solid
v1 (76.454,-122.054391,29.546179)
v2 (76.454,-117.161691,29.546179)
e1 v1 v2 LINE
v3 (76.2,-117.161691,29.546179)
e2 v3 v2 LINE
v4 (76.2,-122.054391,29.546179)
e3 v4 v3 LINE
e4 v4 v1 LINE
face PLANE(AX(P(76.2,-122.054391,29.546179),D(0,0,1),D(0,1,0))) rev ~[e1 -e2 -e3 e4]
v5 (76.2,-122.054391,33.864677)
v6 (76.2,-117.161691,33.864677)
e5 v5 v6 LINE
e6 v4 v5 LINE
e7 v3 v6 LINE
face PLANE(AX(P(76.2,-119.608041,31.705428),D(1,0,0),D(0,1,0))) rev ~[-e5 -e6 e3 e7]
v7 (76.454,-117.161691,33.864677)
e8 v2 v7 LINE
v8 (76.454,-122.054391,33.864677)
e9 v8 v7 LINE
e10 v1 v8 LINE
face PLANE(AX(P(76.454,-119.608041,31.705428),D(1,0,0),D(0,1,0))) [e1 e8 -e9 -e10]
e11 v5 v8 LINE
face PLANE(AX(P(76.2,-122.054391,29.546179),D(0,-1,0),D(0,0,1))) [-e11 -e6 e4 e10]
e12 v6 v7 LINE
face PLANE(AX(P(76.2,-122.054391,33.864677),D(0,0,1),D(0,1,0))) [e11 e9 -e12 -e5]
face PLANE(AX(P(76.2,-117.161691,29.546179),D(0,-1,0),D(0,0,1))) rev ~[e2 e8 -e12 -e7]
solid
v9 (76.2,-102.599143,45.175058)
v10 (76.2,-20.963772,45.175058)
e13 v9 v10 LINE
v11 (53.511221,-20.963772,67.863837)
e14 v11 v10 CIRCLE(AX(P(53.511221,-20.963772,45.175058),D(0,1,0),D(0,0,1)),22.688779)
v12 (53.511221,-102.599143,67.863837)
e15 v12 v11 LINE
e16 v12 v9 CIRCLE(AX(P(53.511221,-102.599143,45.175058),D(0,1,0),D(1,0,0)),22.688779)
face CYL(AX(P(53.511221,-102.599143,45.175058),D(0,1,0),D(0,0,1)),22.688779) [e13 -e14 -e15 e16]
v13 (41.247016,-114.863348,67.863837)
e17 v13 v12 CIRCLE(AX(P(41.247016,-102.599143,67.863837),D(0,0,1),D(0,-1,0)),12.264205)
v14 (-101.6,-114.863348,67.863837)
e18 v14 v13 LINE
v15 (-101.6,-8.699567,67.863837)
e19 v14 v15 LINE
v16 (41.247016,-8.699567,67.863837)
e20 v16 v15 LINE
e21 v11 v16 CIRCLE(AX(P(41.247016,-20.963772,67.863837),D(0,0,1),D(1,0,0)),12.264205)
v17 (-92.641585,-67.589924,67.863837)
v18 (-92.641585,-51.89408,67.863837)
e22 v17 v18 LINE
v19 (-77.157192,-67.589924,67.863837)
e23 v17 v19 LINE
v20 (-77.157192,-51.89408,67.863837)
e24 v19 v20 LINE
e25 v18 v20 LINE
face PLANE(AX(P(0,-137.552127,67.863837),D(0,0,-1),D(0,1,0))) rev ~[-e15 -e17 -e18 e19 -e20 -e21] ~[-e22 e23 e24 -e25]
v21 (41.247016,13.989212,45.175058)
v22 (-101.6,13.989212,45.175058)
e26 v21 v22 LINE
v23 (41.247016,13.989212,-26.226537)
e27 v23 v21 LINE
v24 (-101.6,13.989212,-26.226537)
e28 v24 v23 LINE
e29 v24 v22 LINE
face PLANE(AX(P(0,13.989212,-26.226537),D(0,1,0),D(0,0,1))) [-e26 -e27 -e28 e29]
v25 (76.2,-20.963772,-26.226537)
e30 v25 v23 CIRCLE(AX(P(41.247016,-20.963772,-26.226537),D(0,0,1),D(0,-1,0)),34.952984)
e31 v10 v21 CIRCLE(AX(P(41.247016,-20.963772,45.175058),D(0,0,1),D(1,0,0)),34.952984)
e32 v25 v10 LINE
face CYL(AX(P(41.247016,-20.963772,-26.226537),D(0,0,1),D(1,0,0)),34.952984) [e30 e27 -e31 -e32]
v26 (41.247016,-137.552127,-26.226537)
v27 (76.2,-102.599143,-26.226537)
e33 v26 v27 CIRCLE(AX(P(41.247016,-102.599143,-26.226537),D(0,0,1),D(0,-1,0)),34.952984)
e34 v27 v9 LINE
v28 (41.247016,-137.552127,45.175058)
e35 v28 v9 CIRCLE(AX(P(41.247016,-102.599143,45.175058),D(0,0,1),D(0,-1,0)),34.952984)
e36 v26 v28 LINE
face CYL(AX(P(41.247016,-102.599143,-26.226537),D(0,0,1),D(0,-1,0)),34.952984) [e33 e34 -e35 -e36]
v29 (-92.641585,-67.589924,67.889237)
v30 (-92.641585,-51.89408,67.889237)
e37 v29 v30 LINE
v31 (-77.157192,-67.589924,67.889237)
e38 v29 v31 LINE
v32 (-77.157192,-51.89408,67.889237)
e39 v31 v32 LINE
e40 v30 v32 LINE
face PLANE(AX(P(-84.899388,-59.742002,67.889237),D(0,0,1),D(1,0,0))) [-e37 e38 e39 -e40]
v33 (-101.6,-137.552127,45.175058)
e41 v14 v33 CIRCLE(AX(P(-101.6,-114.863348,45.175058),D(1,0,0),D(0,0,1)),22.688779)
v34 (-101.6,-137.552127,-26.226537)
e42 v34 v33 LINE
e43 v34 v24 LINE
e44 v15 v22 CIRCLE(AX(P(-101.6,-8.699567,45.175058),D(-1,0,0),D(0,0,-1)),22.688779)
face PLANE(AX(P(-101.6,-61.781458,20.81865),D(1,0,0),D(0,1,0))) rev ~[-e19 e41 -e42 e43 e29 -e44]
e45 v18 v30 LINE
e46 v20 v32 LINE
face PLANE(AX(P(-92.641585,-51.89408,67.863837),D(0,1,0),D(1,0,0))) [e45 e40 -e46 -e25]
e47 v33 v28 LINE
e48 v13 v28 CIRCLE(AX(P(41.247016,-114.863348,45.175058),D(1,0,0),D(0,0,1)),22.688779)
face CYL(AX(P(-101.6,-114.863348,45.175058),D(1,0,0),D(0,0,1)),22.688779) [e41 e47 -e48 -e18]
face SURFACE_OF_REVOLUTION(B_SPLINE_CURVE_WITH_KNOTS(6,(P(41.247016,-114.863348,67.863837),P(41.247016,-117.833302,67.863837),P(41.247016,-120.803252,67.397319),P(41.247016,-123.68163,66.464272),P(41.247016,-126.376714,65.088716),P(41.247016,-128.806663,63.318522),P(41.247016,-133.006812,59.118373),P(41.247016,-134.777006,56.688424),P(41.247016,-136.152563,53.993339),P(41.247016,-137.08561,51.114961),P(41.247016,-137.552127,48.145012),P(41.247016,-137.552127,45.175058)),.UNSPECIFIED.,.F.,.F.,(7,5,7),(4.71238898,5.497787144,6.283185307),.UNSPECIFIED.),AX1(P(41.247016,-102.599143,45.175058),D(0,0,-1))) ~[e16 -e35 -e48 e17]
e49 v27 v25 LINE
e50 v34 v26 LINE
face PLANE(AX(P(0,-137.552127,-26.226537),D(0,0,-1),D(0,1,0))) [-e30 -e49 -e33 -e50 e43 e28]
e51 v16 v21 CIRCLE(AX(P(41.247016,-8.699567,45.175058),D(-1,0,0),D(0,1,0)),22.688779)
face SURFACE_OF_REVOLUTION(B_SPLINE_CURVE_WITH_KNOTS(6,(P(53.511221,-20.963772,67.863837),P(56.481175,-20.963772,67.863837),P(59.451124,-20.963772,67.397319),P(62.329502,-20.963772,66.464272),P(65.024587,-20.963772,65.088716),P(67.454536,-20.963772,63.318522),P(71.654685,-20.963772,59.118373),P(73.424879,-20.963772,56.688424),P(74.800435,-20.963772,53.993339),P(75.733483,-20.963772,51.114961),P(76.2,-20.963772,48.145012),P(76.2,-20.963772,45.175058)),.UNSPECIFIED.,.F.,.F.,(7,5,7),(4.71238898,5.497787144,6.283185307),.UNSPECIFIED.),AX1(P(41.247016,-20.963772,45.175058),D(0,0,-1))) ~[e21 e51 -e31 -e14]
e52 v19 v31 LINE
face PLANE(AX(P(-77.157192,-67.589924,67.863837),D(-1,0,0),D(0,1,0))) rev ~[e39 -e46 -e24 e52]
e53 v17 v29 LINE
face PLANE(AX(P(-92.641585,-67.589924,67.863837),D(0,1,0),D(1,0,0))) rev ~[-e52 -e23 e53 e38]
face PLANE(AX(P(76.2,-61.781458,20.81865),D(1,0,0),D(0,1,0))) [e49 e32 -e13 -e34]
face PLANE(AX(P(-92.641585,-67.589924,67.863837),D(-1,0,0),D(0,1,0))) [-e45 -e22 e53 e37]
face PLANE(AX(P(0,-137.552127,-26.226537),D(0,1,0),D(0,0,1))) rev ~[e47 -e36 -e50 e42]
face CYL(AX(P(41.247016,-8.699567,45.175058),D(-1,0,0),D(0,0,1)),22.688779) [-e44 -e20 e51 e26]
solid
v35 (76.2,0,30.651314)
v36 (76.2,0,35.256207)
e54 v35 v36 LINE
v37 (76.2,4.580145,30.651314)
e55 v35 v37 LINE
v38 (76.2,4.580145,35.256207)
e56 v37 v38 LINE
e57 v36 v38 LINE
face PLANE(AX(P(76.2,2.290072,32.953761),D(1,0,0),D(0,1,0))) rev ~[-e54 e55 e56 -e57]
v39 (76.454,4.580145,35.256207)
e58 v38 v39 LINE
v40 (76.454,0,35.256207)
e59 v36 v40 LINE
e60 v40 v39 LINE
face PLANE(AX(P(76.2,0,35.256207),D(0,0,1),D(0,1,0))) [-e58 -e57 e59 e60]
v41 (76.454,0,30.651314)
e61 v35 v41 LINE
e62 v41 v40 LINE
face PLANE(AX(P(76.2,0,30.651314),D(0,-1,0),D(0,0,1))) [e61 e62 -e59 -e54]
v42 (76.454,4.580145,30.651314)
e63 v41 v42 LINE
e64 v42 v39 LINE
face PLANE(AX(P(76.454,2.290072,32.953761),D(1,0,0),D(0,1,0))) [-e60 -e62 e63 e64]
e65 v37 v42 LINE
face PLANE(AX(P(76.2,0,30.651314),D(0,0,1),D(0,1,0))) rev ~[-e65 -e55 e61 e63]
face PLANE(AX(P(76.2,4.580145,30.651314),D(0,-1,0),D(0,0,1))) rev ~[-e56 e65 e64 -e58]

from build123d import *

# Parameters (mm, degrees)
F0_W      = 151.5413392335
F0_H      = 94.0903741866
F1_DEPTH  = 76.2
F2_DEPTH  = 101.6
F3_R      = 34.952983956
F4_R      = 22.6887790592
F5_W      = 15.484392643
F5_H      = 15.6958438456
F6_DEPTH  = 0.0254
F7_W      = 4.5801447704
F7_H      = 4.6048928052
F8_DEPTH  = 0.254
F9_W      = 4.8926994205
F9_H      = 4.318498075
F10_DEPTH = 0.254


with BuildPart() as f1:
    # F0 (on Right) → F1 (new body)
    with BuildSketch(Plane.YZ):
        with Locations((-61.7814576253, 20.8186497912)):
            Rectangle(F0_W, F0_H)
    extrude(amount=F1_DEPTH)

    # F2 (add): a face of the model
    f2_faces = [f1.faces().sort_by_distance(p)[0] for p in [
        (0, -61.7814576253, 20.8186497912),
    ]]
    extrude(f2_faces, amount=F2_DEPTH)

    # F3
    f3_edges = [f1.edges().sort_by_distance(p)[0] for p in [
        (76.2, -137.552127, 20.81865),
        (76.2, 13.989212, 20.81865),
    ]]
    fillet(f3_edges, radius=F3_R)

    # F4
    f4_edges = [f1.edges().sort_by_distance(p)[0] for p in [
        (76.2, -61.781458, 67.863837),
    ]]
    fillet(f4_edges, radius=F4_R)

    # F5 (on face) → F6 (join)
    with BuildSketch(Plane.XY.offset(67.8638368845)):
        with Locations((-84.8993882537, -59.7420018166)):
            Rectangle(F5_W, F5_H)
    extrude(amount=F6_DEPTH)


with BuildPart() as f8:
    # F7 (on face) → F8 (new body)
    with BuildSketch(Plane.YZ.offset(76.2)):
        with Locations((2.2900723852, 32.9537605867)):
            Rectangle(F7_W, F7_H)
    extrude(amount=F8_DEPTH)


with BuildPart() as f10:
    # F9 (on face) → F10 (new body)
    with BuildSketch(Plane.YZ.offset(76.2)):
        with Locations((-119.608040899, 31.7054279149)):
            Rectangle(F9_W, F9_H)
    extrude(amount=F10_DEPTH)


solid = Compound([f1.part, f8.part, f10.part])
